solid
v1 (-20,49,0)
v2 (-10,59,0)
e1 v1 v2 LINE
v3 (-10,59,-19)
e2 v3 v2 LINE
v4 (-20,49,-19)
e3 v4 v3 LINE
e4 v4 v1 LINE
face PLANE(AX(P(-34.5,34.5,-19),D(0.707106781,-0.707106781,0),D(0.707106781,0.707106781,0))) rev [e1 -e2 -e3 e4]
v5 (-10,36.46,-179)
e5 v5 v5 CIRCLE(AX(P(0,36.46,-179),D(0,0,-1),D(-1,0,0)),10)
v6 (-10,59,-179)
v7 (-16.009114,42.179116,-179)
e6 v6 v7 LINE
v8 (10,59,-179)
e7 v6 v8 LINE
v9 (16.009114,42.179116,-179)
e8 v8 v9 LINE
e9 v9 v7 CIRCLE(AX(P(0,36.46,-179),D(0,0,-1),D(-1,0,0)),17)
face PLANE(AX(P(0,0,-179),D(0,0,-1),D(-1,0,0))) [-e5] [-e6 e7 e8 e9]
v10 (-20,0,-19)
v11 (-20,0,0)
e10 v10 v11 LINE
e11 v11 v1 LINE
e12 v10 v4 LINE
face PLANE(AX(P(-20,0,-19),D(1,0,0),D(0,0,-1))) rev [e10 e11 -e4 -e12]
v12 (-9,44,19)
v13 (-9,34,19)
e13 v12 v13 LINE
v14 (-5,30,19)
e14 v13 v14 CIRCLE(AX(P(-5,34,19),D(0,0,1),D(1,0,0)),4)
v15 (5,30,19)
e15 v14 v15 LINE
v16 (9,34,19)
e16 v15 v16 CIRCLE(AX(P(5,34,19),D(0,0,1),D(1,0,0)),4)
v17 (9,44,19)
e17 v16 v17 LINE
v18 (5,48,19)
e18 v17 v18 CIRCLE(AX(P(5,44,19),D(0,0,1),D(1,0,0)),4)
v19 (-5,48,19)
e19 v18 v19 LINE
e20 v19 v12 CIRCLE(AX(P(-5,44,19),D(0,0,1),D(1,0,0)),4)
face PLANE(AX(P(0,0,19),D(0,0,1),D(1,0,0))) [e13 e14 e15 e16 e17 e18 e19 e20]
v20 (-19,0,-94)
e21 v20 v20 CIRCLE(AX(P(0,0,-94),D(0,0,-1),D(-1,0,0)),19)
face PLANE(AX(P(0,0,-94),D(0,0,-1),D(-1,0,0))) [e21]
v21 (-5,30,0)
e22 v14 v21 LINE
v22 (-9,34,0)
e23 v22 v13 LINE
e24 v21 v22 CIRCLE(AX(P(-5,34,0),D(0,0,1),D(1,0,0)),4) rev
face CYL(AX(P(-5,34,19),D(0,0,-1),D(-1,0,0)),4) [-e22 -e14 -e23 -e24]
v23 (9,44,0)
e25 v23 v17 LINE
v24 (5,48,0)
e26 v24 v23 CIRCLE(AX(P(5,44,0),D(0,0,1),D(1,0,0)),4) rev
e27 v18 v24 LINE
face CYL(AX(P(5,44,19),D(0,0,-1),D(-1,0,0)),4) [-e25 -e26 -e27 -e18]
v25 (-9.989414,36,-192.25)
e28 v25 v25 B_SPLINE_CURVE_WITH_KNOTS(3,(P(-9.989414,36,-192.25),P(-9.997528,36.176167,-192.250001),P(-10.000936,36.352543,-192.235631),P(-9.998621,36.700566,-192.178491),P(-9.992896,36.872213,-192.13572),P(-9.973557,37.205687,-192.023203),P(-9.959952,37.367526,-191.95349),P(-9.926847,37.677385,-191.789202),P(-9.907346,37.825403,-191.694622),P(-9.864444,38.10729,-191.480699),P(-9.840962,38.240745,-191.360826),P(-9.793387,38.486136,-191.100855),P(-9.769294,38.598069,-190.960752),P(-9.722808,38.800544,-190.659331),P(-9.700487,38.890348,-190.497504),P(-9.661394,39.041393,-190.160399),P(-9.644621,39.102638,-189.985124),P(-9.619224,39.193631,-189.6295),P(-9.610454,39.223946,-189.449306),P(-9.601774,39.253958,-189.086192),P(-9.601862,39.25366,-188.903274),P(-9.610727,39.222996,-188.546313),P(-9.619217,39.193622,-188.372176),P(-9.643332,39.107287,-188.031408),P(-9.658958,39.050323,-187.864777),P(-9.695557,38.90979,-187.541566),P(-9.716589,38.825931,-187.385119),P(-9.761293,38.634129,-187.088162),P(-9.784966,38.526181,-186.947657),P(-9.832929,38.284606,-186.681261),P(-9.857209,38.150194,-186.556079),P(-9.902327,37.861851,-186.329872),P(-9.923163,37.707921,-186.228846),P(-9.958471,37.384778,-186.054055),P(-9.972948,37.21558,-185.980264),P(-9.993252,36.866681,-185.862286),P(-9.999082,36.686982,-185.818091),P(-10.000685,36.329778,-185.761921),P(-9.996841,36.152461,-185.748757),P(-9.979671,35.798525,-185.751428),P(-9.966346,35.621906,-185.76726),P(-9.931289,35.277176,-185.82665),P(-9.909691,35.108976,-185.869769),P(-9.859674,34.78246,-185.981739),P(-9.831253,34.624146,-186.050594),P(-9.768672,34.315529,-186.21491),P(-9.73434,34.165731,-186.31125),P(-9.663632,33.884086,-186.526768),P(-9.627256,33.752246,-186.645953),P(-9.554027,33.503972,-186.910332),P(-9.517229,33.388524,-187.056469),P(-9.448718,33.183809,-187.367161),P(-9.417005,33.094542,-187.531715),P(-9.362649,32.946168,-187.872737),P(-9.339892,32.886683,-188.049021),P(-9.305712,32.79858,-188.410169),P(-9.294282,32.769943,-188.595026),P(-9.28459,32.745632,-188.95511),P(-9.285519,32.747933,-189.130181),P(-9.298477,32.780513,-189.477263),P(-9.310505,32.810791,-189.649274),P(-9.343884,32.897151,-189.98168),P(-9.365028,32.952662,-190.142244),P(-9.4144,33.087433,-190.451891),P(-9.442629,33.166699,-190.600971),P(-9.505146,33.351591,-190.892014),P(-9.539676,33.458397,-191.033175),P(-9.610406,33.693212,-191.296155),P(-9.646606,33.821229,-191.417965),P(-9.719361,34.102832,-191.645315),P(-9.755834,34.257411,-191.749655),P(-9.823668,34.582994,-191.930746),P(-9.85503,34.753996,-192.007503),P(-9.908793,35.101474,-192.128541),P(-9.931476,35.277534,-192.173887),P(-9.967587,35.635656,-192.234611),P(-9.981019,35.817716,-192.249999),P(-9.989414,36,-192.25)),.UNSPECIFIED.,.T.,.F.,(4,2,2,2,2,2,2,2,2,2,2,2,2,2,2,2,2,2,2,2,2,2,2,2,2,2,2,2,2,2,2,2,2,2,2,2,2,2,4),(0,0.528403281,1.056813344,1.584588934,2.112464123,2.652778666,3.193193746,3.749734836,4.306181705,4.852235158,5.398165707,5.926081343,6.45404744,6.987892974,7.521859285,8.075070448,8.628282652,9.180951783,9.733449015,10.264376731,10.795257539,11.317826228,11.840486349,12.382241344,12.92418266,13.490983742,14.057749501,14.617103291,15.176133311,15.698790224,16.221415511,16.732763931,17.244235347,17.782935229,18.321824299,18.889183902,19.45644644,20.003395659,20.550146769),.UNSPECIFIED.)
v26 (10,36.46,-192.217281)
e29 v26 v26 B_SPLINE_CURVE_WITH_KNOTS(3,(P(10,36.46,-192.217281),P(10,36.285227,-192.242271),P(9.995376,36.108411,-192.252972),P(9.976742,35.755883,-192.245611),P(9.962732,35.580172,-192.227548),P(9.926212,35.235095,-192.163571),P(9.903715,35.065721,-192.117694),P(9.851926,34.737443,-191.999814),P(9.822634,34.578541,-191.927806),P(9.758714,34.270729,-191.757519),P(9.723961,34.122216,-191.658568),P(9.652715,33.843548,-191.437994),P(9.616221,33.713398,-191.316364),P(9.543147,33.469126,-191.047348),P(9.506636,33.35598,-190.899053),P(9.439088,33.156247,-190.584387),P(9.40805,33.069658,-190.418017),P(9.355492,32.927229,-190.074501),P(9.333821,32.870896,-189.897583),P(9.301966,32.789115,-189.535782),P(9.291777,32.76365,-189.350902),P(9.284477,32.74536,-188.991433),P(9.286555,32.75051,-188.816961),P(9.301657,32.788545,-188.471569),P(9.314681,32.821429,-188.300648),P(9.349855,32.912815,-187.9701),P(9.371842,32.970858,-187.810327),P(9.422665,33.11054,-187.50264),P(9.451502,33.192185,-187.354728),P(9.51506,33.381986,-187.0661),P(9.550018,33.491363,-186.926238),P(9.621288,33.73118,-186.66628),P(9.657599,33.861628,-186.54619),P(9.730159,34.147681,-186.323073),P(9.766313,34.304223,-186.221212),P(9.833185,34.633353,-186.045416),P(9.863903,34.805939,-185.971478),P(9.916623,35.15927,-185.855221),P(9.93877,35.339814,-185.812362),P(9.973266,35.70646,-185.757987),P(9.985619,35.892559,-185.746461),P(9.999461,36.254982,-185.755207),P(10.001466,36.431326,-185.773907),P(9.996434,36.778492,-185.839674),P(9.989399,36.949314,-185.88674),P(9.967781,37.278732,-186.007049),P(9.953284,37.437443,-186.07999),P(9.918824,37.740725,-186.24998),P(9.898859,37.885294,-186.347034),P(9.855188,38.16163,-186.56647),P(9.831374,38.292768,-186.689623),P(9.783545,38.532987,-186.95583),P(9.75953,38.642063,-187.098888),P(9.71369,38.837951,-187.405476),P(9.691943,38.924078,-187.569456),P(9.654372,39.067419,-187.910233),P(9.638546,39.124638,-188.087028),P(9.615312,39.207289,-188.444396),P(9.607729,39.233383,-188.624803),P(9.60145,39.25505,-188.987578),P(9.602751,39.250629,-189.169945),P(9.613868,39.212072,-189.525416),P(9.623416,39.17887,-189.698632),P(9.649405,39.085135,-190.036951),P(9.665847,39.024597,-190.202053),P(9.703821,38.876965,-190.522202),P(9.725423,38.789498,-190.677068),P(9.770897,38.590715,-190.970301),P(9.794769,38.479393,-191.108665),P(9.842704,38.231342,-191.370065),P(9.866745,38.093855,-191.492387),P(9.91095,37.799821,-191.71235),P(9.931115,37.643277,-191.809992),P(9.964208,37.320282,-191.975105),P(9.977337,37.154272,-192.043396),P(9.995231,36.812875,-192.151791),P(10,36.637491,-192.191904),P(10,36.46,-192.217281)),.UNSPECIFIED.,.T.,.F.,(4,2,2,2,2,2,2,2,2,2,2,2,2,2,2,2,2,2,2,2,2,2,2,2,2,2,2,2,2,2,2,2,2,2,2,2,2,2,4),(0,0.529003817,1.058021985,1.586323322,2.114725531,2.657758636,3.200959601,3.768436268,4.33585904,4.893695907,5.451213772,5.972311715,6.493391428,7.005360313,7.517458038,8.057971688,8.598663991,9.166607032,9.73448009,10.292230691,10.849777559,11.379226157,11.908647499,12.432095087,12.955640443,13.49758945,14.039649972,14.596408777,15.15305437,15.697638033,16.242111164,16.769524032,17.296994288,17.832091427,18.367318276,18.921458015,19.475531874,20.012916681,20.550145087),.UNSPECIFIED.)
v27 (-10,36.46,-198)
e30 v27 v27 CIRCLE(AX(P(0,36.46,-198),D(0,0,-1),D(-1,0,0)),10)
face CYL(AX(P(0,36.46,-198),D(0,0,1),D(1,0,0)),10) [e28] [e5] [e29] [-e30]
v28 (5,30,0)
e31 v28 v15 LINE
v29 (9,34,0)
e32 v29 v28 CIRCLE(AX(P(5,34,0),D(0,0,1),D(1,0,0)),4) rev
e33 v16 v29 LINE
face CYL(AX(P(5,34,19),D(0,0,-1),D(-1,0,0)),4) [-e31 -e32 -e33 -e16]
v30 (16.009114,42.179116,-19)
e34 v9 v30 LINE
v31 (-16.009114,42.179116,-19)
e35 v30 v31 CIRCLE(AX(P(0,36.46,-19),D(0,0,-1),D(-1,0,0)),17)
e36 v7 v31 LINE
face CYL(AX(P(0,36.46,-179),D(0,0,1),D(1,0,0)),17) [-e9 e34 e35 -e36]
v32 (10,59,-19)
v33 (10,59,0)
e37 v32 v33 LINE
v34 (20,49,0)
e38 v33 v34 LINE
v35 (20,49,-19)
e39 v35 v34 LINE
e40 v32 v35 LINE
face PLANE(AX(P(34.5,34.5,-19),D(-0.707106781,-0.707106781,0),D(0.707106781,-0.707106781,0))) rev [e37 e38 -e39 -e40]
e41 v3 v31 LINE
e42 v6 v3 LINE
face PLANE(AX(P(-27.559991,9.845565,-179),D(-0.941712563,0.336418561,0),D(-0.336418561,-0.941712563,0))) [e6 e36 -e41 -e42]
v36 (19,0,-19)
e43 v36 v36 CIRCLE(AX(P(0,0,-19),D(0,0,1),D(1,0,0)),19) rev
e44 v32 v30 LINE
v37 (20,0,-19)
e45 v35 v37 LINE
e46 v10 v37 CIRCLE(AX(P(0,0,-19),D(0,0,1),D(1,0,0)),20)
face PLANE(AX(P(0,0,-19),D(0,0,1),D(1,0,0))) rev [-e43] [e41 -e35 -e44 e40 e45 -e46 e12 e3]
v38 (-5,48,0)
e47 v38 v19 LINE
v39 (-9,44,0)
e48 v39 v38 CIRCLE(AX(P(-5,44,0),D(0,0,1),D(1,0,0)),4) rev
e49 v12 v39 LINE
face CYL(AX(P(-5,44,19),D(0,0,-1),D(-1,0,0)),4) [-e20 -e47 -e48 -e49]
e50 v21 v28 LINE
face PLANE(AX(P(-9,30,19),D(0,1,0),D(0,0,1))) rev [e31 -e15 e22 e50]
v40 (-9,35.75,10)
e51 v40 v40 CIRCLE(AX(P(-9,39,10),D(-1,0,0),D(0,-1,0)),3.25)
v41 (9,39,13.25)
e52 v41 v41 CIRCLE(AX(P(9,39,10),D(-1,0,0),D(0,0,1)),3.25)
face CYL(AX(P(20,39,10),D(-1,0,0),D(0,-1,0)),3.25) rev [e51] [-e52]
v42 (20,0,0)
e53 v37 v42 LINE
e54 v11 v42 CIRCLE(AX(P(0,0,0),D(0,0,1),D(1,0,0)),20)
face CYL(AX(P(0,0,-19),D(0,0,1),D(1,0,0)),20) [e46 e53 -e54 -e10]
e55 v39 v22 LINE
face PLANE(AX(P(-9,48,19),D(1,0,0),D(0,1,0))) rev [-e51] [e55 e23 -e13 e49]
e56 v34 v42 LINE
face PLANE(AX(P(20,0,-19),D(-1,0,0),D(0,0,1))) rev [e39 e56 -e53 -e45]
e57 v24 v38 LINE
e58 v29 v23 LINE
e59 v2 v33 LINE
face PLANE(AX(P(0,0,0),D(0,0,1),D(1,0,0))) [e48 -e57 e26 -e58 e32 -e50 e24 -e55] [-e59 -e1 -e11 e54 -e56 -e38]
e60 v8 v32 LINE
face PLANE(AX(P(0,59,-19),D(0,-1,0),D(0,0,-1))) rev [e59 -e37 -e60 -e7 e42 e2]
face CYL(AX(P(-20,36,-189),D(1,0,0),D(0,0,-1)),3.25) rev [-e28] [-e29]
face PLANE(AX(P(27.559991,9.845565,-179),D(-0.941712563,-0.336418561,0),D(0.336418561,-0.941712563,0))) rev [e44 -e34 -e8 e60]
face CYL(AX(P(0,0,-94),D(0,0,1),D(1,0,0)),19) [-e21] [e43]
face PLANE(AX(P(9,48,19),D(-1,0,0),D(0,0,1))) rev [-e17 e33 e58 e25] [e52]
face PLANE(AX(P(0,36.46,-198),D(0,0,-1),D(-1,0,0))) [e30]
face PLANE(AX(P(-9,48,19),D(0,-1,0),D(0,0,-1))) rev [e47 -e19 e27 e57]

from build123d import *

# Parameters (mm, degrees)
EXTRUDE_1_DEPTH          = 19
EXTRUDE_2_DEPTH          = 160
EXTRUDE_START            = 160
SKETCH_2_3_R             = 10
EXTRUDE_3_DEPTH          = 19
CUT_EXTRUDE_1_DEPTH      = 208.569265548
CUT_EXTRUDE_1_DEPTH_BACK = 208.569265548
SKETCH_3_R               = 3.25
SKETCH_4_R               = 19
EXTRUDE_4_DEPTH          = 75
SKETCH_5_W               = 18
SKETCH_5_H               = 18
EXTRUDE_5_DEPTH          = 19
FILLET_1_R               = 4
SKETCH_6_R               = 3.25
CUT_EXTRUDE_2_DEPTH      = 209.628857159


with BuildPart() as part:
    # 스케치1 → 보스-돌출1 (new body)
    with BuildSketch(Plane.XY):
        with BuildLine():
            Line((-20, 49), (-20, 0))
            ThreePointArc((-20, 0), (0, -20), (20, 0))
            Line((20, 0), (20, 49))
            Line((20, 49), (10, 59))
            Line((10, 59), (-10, 59))
            Line((-10, 59), (-20, 49))
        make_face()
    extrude(amount=-EXTRUDE_1_DEPTH)

    # 스케치2 → 보스-돌출2 (add)
    with BuildSketch(Plane(origin=(0, 0, -19), x_dir=(-1, 0, 0), z_dir=(0, 0, -1))):
        with BuildLine():
            Line((10, 59), (-10, 59))
            Line((-10, 59), (-16.009113575, 42.179115539))
            ThreePointArc((-16.009113575, 42.179115539), (0, 19.46), (16.009113575, 42.179115539))
            Line((16.009113575, 42.179115539), (10, 59))
        make_face()
    extrude(amount=EXTRUDE_2_DEPTH)

    # 스케치2<3> → 보스-돌출3 (add)
    with BuildSketch(Plane(origin=(0, 0, -19), x_dir=(-1, 0, 0), z_dir=(0, 0, -1)).offset(EXTRUDE_START)):
        with Locations((0, 36.46)):
            Circle(SKETCH_2_3_R)
    extrude(amount=EXTRUDE_3_DEPTH)

    # 스케치3 → 컷-돌출1 (cut, two sides: drawn at the far end of the back side and taken through both)
    with BuildSketch(Plane(origin=(0, 0, 0), x_dir=(0, 0, -1), z_dir=(1, 0, 0)).offset(-CUT_EXTRUDE_1_DEPTH_BACK)):
        with Locations((189, 36)):
            Circle(SKETCH_3_R)
    extrude(amount=CUT_EXTRUDE_1_DEPTH + CUT_EXTRUDE_1_DEPTH_BACK, mode=Mode.SUBTRACT)

    # 스케치4 → 보스-돌출4 (add)
    with BuildSketch(Plane(origin=(0, 0, -19), x_dir=(-1, 0, 0), z_dir=(0, 0, -1))):
        Circle(SKETCH_4_R)
    extrude(amount=EXTRUDE_4_DEPTH)

    # 스케치5 → 보스-돌출5 (add)
    with BuildSketch(Plane.XY):
        with Locations((0, 39)):
            Rectangle(SKETCH_5_W, SKETCH_5_H)
    extrude(amount=EXTRUDE_5_DEPTH)

    # 필렛1
    fillet_1_edges = [part.edges().sort_by_distance(p)[0] for p in [
        (-9, 30, 9.5),
        (9, 30, 9.5),
        (-9, 48, 9.5),
        (9, 48, 9.5),
    ]]
    fillet(fillet_1_edges, radius=FILLET_1_R)

    # 스케치6 → 컷-돌출2 (cut, through all)
    with BuildSketch(Plane.ZY.offset(9)):
        with Locations((10, 39)):
            Circle(SKETCH_6_R)
    extrude(amount=-CUT_EXTRUDE_2_DEPTH, mode=Mode.SUBTRACT)


solid = part.part
